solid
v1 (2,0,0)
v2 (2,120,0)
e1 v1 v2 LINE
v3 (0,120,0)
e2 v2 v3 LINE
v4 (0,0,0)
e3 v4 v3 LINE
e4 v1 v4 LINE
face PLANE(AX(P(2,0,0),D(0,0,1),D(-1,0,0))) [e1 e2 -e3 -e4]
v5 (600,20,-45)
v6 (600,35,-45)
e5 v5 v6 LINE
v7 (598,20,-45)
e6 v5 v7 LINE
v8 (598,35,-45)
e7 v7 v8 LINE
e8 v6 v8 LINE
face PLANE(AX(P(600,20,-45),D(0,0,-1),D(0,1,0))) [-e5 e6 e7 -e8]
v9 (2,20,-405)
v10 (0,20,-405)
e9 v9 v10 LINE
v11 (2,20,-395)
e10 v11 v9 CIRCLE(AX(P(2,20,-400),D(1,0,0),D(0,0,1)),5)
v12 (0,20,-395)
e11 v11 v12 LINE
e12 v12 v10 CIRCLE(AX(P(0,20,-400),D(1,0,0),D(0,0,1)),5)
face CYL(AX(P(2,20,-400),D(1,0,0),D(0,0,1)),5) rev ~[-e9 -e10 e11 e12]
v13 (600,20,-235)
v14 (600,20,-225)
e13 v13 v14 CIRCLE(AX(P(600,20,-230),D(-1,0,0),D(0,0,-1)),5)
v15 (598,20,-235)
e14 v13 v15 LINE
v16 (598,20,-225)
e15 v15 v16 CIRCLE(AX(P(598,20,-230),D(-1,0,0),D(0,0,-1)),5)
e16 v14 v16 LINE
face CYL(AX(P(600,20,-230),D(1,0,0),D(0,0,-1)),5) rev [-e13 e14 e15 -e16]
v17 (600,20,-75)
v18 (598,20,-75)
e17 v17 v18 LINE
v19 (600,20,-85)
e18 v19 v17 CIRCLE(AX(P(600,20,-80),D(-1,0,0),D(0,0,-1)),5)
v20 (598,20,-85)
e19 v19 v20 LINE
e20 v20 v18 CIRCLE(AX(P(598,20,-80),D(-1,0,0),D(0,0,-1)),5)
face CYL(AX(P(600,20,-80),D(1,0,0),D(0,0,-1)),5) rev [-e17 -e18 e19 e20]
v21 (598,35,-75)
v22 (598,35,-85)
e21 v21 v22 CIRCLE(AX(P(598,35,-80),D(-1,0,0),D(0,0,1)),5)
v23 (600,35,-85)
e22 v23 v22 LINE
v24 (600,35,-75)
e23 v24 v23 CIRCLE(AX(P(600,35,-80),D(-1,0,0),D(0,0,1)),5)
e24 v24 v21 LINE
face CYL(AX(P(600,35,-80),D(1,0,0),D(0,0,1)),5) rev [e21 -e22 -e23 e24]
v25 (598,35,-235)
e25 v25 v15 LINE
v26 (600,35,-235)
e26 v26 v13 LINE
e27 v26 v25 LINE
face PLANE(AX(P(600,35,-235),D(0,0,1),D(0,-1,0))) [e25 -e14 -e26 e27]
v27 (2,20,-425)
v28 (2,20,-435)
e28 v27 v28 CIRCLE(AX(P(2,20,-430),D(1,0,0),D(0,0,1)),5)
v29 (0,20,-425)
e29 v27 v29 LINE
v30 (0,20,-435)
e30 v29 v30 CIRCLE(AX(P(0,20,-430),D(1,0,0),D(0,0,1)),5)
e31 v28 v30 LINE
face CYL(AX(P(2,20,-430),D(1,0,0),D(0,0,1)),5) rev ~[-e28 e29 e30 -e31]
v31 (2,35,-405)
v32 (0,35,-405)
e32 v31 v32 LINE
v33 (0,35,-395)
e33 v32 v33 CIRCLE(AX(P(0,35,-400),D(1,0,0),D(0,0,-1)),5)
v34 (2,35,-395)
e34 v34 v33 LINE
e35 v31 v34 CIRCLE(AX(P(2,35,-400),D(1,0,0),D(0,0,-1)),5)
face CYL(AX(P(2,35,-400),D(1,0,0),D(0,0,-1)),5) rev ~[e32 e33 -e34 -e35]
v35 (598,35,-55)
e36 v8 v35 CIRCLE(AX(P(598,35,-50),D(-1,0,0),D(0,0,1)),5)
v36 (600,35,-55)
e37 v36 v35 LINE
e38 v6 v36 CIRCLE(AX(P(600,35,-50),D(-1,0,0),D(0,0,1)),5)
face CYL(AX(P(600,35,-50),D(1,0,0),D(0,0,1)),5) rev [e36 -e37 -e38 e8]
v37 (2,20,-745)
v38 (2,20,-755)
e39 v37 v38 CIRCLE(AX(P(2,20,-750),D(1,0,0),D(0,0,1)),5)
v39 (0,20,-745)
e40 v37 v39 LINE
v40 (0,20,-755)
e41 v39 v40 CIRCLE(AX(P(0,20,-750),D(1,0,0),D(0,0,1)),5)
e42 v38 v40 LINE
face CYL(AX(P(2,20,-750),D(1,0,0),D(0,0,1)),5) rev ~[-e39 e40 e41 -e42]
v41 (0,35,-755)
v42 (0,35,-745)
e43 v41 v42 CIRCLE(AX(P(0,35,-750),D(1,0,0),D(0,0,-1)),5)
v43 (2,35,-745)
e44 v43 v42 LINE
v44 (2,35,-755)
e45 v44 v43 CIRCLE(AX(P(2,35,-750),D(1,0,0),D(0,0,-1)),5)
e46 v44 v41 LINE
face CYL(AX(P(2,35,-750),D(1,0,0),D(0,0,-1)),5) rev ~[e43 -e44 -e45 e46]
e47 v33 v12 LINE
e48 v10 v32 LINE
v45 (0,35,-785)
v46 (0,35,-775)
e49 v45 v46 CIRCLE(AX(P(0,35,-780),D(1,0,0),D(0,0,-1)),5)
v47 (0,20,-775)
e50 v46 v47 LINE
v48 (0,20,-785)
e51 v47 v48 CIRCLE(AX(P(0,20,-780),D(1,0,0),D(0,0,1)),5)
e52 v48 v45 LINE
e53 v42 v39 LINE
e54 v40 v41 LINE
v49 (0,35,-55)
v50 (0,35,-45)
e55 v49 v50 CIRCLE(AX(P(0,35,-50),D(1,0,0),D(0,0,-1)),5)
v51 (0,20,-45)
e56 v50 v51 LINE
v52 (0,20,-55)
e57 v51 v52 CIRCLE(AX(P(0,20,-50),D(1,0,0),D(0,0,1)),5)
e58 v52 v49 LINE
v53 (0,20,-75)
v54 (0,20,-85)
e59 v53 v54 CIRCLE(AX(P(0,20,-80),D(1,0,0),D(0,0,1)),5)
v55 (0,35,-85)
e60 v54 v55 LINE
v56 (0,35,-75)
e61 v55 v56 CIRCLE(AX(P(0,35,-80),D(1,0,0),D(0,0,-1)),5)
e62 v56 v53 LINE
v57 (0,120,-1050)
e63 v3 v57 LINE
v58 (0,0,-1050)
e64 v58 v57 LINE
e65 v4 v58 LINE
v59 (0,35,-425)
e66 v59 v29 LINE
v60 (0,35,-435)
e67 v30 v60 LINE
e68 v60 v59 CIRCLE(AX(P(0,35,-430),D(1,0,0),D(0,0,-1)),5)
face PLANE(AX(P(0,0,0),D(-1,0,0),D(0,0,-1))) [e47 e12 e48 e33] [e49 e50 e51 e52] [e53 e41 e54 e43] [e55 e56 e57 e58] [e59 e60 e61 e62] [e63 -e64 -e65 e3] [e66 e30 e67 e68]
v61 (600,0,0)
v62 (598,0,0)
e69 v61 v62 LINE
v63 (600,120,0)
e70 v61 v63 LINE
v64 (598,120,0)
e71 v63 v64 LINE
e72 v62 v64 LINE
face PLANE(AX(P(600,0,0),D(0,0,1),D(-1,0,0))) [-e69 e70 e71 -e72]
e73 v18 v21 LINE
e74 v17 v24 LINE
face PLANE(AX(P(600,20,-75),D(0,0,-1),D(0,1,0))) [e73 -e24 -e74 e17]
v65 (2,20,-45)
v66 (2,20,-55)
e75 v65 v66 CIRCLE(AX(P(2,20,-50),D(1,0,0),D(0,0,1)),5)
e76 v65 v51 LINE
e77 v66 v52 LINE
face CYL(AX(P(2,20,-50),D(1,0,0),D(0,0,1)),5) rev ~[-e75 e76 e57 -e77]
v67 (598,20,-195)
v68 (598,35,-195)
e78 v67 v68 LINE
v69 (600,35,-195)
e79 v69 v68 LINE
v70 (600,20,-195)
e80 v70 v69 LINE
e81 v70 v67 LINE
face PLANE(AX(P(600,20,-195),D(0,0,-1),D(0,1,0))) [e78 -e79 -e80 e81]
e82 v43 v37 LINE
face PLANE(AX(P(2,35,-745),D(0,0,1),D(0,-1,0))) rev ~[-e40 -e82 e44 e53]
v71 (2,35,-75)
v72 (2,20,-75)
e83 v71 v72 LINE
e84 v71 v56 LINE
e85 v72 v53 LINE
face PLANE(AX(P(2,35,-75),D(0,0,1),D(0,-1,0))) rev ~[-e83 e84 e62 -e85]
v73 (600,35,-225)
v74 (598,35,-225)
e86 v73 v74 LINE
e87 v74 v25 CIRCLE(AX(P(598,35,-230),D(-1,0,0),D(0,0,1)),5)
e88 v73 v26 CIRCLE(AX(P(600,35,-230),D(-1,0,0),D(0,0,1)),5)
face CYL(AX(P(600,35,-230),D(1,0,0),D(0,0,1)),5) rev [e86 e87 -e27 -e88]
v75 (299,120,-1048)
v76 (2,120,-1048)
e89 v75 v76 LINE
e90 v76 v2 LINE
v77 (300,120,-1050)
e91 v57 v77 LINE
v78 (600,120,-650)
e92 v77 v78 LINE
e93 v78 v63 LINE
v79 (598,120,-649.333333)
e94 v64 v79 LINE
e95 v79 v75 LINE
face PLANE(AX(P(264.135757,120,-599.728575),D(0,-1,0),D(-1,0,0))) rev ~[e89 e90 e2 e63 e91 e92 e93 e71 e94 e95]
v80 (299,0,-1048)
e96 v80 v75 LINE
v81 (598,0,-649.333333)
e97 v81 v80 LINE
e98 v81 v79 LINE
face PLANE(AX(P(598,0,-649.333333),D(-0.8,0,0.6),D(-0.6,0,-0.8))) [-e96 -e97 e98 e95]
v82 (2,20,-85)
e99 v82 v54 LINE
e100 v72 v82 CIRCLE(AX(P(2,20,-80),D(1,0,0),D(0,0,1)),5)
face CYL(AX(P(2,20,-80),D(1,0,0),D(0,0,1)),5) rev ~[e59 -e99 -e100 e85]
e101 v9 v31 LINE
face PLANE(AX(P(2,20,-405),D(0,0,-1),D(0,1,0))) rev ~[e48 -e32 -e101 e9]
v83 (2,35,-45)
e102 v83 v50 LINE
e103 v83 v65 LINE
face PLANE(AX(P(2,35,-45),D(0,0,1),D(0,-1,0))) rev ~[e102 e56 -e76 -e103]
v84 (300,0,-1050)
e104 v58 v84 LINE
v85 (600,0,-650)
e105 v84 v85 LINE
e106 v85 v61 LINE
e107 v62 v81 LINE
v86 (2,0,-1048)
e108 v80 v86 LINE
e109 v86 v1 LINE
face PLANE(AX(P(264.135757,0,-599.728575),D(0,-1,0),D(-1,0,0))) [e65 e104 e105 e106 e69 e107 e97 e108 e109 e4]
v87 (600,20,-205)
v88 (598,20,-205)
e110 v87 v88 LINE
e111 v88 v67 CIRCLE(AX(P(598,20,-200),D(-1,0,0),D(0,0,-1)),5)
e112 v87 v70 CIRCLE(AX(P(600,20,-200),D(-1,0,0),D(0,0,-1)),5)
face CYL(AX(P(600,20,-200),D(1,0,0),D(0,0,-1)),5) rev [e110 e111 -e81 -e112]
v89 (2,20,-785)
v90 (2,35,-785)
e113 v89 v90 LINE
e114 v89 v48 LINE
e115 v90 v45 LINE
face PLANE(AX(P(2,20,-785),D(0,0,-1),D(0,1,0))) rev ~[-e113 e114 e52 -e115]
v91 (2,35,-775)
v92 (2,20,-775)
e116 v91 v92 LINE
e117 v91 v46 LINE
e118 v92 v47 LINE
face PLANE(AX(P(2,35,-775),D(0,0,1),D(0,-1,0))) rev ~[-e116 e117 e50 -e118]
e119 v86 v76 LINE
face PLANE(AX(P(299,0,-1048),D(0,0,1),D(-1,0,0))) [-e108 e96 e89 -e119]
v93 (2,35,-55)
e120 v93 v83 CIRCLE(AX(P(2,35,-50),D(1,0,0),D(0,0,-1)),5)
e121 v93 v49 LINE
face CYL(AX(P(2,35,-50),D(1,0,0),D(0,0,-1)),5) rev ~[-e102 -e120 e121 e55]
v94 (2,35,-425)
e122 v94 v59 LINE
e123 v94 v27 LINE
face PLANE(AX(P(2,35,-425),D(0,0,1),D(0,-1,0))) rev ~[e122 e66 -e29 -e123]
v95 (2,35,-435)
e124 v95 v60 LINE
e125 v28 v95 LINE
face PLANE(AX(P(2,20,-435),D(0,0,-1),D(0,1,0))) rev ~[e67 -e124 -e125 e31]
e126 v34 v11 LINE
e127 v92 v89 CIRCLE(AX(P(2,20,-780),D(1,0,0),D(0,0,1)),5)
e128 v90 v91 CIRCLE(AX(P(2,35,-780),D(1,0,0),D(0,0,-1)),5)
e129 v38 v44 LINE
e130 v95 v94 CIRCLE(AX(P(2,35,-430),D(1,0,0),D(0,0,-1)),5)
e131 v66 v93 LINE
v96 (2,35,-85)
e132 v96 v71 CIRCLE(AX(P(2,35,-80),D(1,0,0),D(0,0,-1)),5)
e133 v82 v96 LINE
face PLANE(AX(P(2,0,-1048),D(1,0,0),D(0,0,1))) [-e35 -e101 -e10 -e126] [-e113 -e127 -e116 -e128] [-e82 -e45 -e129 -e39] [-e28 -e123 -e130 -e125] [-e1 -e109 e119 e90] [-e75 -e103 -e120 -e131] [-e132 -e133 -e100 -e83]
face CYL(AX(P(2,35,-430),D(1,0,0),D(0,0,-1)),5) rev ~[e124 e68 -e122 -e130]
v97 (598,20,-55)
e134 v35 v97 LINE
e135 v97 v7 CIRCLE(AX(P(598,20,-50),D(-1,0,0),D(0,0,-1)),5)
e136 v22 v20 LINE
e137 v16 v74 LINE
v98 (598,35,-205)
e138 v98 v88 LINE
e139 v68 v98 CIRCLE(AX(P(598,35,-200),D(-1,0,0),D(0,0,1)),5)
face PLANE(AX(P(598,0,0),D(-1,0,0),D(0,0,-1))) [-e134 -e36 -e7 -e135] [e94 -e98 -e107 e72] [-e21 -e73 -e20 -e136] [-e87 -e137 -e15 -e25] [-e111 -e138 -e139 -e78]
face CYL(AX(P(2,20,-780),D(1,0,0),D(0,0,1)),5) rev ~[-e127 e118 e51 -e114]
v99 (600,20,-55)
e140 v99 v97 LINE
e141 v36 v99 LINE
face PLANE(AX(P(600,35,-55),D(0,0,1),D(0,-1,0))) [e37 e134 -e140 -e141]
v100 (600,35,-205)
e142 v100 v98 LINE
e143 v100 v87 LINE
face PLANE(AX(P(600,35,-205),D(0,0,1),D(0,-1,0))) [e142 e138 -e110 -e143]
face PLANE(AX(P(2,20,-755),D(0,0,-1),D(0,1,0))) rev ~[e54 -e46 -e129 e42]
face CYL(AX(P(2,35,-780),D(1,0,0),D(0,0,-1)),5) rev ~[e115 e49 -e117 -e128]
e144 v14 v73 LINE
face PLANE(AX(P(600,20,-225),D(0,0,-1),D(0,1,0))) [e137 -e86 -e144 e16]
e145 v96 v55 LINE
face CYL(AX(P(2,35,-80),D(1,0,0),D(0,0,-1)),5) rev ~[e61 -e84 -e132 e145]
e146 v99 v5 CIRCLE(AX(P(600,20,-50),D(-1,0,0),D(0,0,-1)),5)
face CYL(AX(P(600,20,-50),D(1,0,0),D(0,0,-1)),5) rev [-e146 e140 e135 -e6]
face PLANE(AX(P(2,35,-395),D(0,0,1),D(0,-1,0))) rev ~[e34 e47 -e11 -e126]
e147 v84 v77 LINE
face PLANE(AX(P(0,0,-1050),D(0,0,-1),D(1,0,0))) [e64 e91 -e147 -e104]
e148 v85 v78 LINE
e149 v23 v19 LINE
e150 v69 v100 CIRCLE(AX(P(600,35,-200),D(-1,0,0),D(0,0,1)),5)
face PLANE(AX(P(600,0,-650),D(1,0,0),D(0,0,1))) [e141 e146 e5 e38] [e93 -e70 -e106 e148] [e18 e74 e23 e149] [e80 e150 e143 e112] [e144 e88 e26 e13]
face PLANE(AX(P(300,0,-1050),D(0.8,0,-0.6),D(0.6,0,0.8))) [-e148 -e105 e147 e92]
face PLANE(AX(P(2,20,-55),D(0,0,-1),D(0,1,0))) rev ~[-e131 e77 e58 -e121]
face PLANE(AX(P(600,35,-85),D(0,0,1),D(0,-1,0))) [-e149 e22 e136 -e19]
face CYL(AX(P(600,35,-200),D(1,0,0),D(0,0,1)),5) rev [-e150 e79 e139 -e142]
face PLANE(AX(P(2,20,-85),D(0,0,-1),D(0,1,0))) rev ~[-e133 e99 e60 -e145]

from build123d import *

# Parameters (mm, degrees)
BOSS_EXTRUDE1_DEPTH = 120
CUT_EXTRUDE2_DEPTH  = 2
CUT_EXTRUDE3_START  = -2
CUT_EXTRUDE3_DEPTH  = 2


with BuildPart() as part:
    # Sketch1 → Boss-Extrude1 (new body)
    with BuildSketch(Plane(origin=(0, 0, 0), x_dir=(1, 0, 0), z_dir=(0, 1, 0))):
        Polygon((0, 0), (0, 1050), (300, 1050), (600, 650), (600, 0), (598, 0), (598, 649.333333333), (299, 1048), (2, 1048), (2, 0), align=None)
    extrude(amount=BOSS_EXTRUDE1_DEPTH)

    # Sketch7 → Cut-Extrude2 (cut)
    with BuildSketch(Plane(origin=(600, 0, 0), x_dir=(0, 0, -1), z_dir=(1, 0, 0))):
        with BuildLine():
            Line((45, 20), (45, 35))
            ThreePointArc((45, 35), (50, 40), (55, 35))
            Line((55, 35), (55, 20))
            ThreePointArc((55, 20), (50, 15), (45, 20))
        make_face()
        with BuildLine():
            Line((75, 20), (75, 35))
            ThreePointArc((75, 35), (80, 40), (85, 35))
            Line((85, 35), (85, 20))
            ThreePointArc((85, 20), (80, 15), (75, 20))
        make_face()
        with BuildLine():
            Line((195, 20), (195, 35))
            ThreePointArc((195, 35), (200, 40), (205, 35))
            Line((205, 35), (205, 20))
            ThreePointArc((205, 20), (200, 15), (195, 20))
        make_face()
        with BuildLine():
            Line((225, 20), (225, 35))
            ThreePointArc((225, 35), (230, 40), (235, 35))
            Line((235, 35), (235, 20))
            ThreePointArc((235, 20), (230, 15), (225, 20))
        make_face()
    extrude(amount=-CUT_EXTRUDE2_DEPTH, mode=Mode.SUBTRACT)

    # Sketch8 → Cut-Extrude3 (cut)
    with BuildSketch(Plane.ZY.offset(CUT_EXTRUDE3_START)):
        with BuildLine():
            Line((-45, 35), (-45, 20))
            ThreePointArc((-45, 20), (-50, 15), (-55, 20))
            Line((-55, 20), (-55, 35))
            ThreePointArc((-55, 35), (-50, 40), (-45, 35))
        make_face()
        with BuildLine():
            Line((-75, 35), (-75, 20))
            ThreePointArc((-75, 20), (-80, 15), (-85, 20))
            Line((-85, 20), (-85, 35))
            ThreePointArc((-85, 35), (-80, 40), (-75, 35))
        make_face()
        with BuildLine():
            Line((-395, 35), (-395, 20))
            ThreePointArc((-395, 20), (-400, 15), (-405, 20))
            Line((-405, 20), (-405, 35))
            ThreePointArc((-405, 35), (-400, 40), (-395, 35))
        make_face()
        with BuildLine():
            Line((-425, 35), (-425, 20))
            ThreePointArc((-425, 20), (-430, 15), (-435, 20))
            Line((-435, 20), (-435, 35))
            ThreePointArc((-435, 35), (-430, 40), (-425, 35))
        make_face()
        with BuildLine():
            Line((-745, 35), (-745, 20))
            ThreePointArc((-745, 20), (-750, 15), (-755, 20))
            Line((-755, 20), (-755, 35))
            ThreePointArc((-755, 35), (-750, 40), (-745, 35))
        make_face()
        with BuildLine():
            Line((-775, 35), (-775, 20))
            ThreePointArc((-775, 20), (-780, 15), (-785, 20))
            Line((-785, 20), (-785, 35))
            ThreePointArc((-785, 35), (-780, 40), (-775, 35))
        make_face()
    extrude(amount=CUT_EXTRUDE3_DEPTH, mode=Mode.SUBTRACT)


solid = part.part
